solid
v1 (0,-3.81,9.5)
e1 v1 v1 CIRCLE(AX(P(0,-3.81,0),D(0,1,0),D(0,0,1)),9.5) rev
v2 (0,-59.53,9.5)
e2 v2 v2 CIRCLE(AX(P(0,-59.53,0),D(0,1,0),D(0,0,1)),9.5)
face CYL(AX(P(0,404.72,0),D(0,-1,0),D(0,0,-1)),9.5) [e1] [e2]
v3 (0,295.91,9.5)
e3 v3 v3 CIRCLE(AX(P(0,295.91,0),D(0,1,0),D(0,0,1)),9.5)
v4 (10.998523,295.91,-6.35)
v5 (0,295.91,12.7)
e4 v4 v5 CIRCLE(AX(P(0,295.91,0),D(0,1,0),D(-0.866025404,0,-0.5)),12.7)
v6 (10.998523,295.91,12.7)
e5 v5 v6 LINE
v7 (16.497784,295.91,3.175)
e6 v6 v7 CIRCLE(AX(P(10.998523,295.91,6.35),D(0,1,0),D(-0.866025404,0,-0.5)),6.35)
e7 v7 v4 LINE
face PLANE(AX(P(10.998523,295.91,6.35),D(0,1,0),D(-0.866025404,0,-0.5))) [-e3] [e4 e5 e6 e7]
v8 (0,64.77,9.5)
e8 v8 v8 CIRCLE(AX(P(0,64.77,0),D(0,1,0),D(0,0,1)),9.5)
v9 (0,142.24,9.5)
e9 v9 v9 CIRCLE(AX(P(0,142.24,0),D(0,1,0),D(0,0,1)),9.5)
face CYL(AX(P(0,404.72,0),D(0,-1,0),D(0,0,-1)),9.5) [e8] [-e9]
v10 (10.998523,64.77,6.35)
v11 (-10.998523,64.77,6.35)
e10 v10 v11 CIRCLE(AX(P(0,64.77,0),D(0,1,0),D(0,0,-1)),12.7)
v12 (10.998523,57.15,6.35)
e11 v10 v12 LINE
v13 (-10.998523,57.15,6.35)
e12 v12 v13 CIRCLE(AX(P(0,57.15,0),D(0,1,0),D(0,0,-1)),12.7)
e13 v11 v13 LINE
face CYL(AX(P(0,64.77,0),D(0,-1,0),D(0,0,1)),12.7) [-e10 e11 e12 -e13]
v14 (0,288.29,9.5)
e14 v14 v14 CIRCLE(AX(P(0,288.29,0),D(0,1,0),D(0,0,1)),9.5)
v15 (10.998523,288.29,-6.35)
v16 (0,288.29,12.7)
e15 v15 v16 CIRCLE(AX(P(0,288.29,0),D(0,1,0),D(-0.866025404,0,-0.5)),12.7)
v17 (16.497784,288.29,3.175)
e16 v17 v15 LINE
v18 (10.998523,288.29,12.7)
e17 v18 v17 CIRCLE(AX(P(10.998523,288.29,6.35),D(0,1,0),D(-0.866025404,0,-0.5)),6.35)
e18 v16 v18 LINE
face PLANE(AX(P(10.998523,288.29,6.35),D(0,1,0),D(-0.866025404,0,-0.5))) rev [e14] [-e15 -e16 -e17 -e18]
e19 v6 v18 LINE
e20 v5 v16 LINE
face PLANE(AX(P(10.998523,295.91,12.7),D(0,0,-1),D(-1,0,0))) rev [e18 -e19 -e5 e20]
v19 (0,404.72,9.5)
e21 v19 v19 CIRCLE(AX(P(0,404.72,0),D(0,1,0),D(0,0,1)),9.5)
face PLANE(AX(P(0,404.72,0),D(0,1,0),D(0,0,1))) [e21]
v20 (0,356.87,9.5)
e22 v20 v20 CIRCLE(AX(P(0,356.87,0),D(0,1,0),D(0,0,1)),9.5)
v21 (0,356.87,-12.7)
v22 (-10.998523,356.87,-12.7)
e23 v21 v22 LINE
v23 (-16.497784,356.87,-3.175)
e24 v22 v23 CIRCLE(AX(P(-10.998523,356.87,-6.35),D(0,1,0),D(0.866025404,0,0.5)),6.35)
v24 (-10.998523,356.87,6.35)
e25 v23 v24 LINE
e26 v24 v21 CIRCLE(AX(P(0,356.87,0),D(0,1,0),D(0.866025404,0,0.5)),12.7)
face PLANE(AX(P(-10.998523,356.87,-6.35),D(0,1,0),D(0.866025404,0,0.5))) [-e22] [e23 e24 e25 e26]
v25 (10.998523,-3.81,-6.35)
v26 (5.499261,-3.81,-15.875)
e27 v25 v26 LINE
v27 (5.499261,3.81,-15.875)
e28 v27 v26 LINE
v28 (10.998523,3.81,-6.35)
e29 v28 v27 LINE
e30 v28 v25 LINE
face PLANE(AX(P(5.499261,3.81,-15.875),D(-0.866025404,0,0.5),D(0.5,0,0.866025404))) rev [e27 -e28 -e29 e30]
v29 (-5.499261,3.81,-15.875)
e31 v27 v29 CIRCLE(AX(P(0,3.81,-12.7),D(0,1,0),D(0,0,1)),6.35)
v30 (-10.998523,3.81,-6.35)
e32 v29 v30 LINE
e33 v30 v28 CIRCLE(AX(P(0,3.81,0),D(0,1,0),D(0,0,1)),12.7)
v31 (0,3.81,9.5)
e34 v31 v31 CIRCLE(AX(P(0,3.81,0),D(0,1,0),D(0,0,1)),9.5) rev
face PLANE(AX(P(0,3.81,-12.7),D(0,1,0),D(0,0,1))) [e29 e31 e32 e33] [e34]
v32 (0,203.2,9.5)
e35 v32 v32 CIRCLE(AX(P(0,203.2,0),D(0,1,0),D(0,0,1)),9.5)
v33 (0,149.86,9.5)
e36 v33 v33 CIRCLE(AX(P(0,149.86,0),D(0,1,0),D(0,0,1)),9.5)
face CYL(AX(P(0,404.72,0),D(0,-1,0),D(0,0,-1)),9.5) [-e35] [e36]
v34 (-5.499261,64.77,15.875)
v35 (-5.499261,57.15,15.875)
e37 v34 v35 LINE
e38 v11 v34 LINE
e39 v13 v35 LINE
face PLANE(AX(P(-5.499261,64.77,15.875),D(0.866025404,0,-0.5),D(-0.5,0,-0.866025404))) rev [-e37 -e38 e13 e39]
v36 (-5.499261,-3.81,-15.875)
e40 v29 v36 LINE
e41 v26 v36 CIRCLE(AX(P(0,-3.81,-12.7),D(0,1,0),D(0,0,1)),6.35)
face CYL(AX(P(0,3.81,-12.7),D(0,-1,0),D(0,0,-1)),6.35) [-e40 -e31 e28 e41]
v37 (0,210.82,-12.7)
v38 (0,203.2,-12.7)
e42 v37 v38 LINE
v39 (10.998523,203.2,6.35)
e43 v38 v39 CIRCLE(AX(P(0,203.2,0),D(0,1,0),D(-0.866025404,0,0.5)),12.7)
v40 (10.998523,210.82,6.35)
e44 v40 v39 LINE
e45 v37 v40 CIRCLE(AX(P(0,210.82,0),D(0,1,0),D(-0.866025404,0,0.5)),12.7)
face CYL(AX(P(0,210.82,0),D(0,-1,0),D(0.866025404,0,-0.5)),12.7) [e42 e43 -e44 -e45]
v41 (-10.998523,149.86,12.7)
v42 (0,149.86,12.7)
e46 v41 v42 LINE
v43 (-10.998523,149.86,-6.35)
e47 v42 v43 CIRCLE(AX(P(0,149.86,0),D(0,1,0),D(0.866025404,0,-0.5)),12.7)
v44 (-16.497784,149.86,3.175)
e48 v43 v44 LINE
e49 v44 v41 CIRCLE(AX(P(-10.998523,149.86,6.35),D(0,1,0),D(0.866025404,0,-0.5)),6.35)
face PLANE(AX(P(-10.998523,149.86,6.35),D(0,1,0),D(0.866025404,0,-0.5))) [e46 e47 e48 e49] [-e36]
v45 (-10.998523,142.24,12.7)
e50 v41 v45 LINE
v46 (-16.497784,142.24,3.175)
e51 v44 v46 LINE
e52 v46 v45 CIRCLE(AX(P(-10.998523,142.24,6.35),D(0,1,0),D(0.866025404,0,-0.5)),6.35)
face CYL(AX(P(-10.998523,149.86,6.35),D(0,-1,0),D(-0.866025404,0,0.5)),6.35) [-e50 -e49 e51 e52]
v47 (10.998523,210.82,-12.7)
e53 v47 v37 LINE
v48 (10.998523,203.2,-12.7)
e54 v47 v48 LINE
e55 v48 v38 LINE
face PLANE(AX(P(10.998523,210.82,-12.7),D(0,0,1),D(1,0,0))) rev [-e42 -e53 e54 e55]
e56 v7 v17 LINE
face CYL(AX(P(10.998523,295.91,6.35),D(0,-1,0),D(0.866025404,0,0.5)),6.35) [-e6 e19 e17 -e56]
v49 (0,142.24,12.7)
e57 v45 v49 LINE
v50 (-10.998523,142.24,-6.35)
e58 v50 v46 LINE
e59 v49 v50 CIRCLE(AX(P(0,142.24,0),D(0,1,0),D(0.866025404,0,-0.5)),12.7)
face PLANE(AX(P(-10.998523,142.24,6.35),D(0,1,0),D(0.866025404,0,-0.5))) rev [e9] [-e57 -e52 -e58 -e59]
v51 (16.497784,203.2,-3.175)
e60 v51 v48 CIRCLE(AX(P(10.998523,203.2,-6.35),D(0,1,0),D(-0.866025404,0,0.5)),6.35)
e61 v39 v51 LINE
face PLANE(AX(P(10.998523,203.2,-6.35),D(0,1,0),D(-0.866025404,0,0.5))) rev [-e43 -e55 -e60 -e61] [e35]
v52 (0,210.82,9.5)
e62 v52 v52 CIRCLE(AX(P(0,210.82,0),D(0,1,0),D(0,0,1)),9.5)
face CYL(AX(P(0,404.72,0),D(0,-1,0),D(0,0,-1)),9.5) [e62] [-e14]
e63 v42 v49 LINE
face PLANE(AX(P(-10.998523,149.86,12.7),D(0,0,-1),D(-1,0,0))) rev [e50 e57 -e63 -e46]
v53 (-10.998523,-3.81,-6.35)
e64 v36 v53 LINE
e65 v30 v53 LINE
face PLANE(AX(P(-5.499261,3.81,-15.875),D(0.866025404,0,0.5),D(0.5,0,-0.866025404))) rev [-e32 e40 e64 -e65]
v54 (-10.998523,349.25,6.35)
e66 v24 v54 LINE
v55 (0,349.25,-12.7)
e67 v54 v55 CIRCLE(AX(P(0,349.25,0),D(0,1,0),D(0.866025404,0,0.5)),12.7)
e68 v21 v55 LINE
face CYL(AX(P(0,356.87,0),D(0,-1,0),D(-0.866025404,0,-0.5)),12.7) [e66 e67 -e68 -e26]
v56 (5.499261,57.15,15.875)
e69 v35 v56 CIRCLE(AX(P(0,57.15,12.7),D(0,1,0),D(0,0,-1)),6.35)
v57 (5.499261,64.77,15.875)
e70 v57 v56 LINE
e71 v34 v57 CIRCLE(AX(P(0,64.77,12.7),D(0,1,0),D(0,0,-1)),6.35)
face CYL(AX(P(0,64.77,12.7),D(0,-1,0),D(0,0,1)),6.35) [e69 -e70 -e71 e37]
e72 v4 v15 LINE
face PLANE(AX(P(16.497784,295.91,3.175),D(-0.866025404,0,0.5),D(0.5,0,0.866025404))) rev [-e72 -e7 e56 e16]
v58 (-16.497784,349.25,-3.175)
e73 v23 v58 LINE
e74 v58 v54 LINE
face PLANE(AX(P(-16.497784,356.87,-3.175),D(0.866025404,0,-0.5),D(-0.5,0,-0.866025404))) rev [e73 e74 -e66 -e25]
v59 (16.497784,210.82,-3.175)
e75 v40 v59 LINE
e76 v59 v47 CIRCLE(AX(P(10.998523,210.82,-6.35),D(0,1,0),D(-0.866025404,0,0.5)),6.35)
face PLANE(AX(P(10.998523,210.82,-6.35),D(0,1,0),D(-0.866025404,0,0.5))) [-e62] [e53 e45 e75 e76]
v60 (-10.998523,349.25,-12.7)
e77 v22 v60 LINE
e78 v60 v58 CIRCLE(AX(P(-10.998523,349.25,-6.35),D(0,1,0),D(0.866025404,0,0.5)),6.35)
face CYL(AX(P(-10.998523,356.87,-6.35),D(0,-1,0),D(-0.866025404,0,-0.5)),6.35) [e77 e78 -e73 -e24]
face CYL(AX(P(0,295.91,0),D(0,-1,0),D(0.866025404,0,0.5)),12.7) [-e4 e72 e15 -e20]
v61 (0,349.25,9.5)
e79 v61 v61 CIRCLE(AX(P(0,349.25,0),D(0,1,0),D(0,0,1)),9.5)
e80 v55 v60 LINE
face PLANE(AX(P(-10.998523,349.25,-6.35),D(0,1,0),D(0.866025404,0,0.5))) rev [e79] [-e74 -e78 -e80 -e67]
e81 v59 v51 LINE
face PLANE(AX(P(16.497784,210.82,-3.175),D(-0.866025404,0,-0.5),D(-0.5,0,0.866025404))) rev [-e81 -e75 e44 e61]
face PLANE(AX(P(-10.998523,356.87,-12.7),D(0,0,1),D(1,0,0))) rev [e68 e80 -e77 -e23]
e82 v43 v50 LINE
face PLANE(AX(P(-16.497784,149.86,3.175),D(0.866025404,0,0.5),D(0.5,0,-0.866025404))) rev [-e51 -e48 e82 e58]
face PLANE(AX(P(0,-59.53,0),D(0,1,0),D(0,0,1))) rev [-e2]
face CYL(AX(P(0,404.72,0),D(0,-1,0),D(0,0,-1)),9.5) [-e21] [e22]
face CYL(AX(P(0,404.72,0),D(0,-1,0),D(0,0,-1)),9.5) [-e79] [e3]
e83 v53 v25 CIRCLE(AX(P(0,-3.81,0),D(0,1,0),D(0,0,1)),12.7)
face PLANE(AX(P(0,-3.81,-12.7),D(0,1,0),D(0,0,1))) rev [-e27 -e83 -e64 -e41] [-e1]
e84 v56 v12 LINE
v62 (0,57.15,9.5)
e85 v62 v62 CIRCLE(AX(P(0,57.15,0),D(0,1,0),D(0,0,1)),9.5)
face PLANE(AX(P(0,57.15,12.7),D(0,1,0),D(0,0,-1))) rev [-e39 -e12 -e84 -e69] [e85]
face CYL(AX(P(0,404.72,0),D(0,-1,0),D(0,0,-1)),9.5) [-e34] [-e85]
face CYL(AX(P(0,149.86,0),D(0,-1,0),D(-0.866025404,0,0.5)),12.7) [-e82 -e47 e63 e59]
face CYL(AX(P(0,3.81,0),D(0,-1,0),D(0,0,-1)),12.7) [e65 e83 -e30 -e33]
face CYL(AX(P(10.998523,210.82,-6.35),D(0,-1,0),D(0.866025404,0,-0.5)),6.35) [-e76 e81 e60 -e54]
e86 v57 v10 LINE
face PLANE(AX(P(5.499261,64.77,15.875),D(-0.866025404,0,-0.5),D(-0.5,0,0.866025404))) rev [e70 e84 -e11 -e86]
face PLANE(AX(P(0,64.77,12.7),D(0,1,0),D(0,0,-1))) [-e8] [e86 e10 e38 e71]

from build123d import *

# Parameters (mm, degrees)
BOSS_EXTRUDE1_DEPTH   = 3.81
LPATTERN1_COUNT       = 2
LPATTERN1_PITCH       = 60.96
BODY_MOVE_COPY1_ANGLE = 180
LPATTERN2_COUNT       = 3
LPATTERN2_PITCH       = 146.05
BODY_MOVE_COPY2_ANGLE = 120
BODY_MOVE_COPY3_ANGLE = 120
BOSS_EXTRUDE2_START   = -59.53
SKETCH5_R             = 9.5
BOSS_EXTRUDE2_DEPTH   = 464.25


with BuildPart() as part:
    # Sketch2 → Boss-Extrude1 (new, symmetric)
    with BuildSketch(Plane(origin=(0, 0, 0), x_dir=(1, 0, 0), z_dir=(0, 1, 0))):
        with BuildLine():
            Line((-5.499261314, 15.875), (-10.998522628, 6.35))
            ThreePointArc((-10.998522628, 6.35), (0, -12.7), (10.998522628, 6.35))
            Line((10.998522628, 6.35), (5.499261314, 15.875))
            ThreePointArc((5.499261314, 15.875), (0, 19.05), (-5.499261314, 15.875))
        make_face()
    extrude(amount=BOSS_EXTRUDE1_DEPTH, both=True)


with BuildPart() as lpattern1_1:
    # LPattern1: pattern copy
    add(part.part.moved(Location(Vector(0, 1, 0) * (1 * LPATTERN1_PITCH))))


with BuildPart() as lpattern1_1_1:
    # Body-Move/Copy1: moved
    add(lpattern1_1.part.rotate(Axis((0, 0, 0), (0, 1, 0)), BODY_MOVE_COPY1_ANGLE))


with BuildPart() as lpattern2_1:
    # LPattern2: pattern copy
    add(part.part.moved(Location(Vector(0, 1, 0) * (1 * LPATTERN2_PITCH))))


with BuildPart() as lpattern2_2:
    # LPattern2: pattern copy
    add(part.part.moved(Location(Vector(0, 1, 0) * (2 * LPATTERN2_PITCH))))


with BuildPart() as lpattern2_3:
    # LPattern2: pattern copy
    add(lpattern1_1_1.part.moved(Location(Vector(0, 1, 0) * (1 * LPATTERN2_PITCH))))


with BuildPart() as lpattern2_4:
    # LPattern2: pattern copy
    add(lpattern1_1_1.part.moved(Location(Vector(0, 1, 0) * (2 * LPATTERN2_PITCH))))


with BuildPart() as lpattern2_1_1:
    # Body-Move/Copy2: moved
    add(lpattern2_1.part.rotate(Axis((0, 0, 0), (0, 1, 0)), BODY_MOVE_COPY2_ANGLE))


with BuildPart() as lpattern2_3_1:
    # Body-Move/Copy2: moved
    add(lpattern2_3.part.rotate(Axis((0, 0, 0), (0, 1, 0)), BODY_MOVE_COPY2_ANGLE))


with BuildPart() as lpattern2_4_1:
    # Body-Move/Copy3: moved
    add(lpattern2_4.part.rotate(Axis((0, 0, 0), (0, -1, 0)), BODY_MOVE_COPY3_ANGLE))


with BuildPart() as lpattern2_2_1:
    # Body-Move/Copy3: moved
    add(lpattern2_2.part.rotate(Axis((0, 0, 0), (0, -1, 0)), BODY_MOVE_COPY3_ANGLE))


with BuildPart() as part_1:
    add(part.part)

    add(lpattern1_1_1.part)  # Boss-Extrude2 merges LPattern1_1

    add(lpattern2_1_1.part)  # Boss-Extrude2 merges LPattern2_1

    add(lpattern2_2_1.part)  # Boss-Extrude2 merges LPattern2_2

    add(lpattern2_3_1.part)  # Boss-Extrude2 merges LPattern2_3

    add(lpattern2_4_1.part)  # Boss-Extrude2 merges LPattern2_4
    # Sketch5 → Boss-Extrude2 (add)
    with BuildSketch(Plane(origin=(0, 0, 0), x_dir=(1, 0, 0), z_dir=(0, 1, 0)).offset(BOSS_EXTRUDE2_START)):
        Circle(SKETCH5_R)
    extrude(amount=BOSS_EXTRUDE2_DEPTH)


solid = part_1.part
